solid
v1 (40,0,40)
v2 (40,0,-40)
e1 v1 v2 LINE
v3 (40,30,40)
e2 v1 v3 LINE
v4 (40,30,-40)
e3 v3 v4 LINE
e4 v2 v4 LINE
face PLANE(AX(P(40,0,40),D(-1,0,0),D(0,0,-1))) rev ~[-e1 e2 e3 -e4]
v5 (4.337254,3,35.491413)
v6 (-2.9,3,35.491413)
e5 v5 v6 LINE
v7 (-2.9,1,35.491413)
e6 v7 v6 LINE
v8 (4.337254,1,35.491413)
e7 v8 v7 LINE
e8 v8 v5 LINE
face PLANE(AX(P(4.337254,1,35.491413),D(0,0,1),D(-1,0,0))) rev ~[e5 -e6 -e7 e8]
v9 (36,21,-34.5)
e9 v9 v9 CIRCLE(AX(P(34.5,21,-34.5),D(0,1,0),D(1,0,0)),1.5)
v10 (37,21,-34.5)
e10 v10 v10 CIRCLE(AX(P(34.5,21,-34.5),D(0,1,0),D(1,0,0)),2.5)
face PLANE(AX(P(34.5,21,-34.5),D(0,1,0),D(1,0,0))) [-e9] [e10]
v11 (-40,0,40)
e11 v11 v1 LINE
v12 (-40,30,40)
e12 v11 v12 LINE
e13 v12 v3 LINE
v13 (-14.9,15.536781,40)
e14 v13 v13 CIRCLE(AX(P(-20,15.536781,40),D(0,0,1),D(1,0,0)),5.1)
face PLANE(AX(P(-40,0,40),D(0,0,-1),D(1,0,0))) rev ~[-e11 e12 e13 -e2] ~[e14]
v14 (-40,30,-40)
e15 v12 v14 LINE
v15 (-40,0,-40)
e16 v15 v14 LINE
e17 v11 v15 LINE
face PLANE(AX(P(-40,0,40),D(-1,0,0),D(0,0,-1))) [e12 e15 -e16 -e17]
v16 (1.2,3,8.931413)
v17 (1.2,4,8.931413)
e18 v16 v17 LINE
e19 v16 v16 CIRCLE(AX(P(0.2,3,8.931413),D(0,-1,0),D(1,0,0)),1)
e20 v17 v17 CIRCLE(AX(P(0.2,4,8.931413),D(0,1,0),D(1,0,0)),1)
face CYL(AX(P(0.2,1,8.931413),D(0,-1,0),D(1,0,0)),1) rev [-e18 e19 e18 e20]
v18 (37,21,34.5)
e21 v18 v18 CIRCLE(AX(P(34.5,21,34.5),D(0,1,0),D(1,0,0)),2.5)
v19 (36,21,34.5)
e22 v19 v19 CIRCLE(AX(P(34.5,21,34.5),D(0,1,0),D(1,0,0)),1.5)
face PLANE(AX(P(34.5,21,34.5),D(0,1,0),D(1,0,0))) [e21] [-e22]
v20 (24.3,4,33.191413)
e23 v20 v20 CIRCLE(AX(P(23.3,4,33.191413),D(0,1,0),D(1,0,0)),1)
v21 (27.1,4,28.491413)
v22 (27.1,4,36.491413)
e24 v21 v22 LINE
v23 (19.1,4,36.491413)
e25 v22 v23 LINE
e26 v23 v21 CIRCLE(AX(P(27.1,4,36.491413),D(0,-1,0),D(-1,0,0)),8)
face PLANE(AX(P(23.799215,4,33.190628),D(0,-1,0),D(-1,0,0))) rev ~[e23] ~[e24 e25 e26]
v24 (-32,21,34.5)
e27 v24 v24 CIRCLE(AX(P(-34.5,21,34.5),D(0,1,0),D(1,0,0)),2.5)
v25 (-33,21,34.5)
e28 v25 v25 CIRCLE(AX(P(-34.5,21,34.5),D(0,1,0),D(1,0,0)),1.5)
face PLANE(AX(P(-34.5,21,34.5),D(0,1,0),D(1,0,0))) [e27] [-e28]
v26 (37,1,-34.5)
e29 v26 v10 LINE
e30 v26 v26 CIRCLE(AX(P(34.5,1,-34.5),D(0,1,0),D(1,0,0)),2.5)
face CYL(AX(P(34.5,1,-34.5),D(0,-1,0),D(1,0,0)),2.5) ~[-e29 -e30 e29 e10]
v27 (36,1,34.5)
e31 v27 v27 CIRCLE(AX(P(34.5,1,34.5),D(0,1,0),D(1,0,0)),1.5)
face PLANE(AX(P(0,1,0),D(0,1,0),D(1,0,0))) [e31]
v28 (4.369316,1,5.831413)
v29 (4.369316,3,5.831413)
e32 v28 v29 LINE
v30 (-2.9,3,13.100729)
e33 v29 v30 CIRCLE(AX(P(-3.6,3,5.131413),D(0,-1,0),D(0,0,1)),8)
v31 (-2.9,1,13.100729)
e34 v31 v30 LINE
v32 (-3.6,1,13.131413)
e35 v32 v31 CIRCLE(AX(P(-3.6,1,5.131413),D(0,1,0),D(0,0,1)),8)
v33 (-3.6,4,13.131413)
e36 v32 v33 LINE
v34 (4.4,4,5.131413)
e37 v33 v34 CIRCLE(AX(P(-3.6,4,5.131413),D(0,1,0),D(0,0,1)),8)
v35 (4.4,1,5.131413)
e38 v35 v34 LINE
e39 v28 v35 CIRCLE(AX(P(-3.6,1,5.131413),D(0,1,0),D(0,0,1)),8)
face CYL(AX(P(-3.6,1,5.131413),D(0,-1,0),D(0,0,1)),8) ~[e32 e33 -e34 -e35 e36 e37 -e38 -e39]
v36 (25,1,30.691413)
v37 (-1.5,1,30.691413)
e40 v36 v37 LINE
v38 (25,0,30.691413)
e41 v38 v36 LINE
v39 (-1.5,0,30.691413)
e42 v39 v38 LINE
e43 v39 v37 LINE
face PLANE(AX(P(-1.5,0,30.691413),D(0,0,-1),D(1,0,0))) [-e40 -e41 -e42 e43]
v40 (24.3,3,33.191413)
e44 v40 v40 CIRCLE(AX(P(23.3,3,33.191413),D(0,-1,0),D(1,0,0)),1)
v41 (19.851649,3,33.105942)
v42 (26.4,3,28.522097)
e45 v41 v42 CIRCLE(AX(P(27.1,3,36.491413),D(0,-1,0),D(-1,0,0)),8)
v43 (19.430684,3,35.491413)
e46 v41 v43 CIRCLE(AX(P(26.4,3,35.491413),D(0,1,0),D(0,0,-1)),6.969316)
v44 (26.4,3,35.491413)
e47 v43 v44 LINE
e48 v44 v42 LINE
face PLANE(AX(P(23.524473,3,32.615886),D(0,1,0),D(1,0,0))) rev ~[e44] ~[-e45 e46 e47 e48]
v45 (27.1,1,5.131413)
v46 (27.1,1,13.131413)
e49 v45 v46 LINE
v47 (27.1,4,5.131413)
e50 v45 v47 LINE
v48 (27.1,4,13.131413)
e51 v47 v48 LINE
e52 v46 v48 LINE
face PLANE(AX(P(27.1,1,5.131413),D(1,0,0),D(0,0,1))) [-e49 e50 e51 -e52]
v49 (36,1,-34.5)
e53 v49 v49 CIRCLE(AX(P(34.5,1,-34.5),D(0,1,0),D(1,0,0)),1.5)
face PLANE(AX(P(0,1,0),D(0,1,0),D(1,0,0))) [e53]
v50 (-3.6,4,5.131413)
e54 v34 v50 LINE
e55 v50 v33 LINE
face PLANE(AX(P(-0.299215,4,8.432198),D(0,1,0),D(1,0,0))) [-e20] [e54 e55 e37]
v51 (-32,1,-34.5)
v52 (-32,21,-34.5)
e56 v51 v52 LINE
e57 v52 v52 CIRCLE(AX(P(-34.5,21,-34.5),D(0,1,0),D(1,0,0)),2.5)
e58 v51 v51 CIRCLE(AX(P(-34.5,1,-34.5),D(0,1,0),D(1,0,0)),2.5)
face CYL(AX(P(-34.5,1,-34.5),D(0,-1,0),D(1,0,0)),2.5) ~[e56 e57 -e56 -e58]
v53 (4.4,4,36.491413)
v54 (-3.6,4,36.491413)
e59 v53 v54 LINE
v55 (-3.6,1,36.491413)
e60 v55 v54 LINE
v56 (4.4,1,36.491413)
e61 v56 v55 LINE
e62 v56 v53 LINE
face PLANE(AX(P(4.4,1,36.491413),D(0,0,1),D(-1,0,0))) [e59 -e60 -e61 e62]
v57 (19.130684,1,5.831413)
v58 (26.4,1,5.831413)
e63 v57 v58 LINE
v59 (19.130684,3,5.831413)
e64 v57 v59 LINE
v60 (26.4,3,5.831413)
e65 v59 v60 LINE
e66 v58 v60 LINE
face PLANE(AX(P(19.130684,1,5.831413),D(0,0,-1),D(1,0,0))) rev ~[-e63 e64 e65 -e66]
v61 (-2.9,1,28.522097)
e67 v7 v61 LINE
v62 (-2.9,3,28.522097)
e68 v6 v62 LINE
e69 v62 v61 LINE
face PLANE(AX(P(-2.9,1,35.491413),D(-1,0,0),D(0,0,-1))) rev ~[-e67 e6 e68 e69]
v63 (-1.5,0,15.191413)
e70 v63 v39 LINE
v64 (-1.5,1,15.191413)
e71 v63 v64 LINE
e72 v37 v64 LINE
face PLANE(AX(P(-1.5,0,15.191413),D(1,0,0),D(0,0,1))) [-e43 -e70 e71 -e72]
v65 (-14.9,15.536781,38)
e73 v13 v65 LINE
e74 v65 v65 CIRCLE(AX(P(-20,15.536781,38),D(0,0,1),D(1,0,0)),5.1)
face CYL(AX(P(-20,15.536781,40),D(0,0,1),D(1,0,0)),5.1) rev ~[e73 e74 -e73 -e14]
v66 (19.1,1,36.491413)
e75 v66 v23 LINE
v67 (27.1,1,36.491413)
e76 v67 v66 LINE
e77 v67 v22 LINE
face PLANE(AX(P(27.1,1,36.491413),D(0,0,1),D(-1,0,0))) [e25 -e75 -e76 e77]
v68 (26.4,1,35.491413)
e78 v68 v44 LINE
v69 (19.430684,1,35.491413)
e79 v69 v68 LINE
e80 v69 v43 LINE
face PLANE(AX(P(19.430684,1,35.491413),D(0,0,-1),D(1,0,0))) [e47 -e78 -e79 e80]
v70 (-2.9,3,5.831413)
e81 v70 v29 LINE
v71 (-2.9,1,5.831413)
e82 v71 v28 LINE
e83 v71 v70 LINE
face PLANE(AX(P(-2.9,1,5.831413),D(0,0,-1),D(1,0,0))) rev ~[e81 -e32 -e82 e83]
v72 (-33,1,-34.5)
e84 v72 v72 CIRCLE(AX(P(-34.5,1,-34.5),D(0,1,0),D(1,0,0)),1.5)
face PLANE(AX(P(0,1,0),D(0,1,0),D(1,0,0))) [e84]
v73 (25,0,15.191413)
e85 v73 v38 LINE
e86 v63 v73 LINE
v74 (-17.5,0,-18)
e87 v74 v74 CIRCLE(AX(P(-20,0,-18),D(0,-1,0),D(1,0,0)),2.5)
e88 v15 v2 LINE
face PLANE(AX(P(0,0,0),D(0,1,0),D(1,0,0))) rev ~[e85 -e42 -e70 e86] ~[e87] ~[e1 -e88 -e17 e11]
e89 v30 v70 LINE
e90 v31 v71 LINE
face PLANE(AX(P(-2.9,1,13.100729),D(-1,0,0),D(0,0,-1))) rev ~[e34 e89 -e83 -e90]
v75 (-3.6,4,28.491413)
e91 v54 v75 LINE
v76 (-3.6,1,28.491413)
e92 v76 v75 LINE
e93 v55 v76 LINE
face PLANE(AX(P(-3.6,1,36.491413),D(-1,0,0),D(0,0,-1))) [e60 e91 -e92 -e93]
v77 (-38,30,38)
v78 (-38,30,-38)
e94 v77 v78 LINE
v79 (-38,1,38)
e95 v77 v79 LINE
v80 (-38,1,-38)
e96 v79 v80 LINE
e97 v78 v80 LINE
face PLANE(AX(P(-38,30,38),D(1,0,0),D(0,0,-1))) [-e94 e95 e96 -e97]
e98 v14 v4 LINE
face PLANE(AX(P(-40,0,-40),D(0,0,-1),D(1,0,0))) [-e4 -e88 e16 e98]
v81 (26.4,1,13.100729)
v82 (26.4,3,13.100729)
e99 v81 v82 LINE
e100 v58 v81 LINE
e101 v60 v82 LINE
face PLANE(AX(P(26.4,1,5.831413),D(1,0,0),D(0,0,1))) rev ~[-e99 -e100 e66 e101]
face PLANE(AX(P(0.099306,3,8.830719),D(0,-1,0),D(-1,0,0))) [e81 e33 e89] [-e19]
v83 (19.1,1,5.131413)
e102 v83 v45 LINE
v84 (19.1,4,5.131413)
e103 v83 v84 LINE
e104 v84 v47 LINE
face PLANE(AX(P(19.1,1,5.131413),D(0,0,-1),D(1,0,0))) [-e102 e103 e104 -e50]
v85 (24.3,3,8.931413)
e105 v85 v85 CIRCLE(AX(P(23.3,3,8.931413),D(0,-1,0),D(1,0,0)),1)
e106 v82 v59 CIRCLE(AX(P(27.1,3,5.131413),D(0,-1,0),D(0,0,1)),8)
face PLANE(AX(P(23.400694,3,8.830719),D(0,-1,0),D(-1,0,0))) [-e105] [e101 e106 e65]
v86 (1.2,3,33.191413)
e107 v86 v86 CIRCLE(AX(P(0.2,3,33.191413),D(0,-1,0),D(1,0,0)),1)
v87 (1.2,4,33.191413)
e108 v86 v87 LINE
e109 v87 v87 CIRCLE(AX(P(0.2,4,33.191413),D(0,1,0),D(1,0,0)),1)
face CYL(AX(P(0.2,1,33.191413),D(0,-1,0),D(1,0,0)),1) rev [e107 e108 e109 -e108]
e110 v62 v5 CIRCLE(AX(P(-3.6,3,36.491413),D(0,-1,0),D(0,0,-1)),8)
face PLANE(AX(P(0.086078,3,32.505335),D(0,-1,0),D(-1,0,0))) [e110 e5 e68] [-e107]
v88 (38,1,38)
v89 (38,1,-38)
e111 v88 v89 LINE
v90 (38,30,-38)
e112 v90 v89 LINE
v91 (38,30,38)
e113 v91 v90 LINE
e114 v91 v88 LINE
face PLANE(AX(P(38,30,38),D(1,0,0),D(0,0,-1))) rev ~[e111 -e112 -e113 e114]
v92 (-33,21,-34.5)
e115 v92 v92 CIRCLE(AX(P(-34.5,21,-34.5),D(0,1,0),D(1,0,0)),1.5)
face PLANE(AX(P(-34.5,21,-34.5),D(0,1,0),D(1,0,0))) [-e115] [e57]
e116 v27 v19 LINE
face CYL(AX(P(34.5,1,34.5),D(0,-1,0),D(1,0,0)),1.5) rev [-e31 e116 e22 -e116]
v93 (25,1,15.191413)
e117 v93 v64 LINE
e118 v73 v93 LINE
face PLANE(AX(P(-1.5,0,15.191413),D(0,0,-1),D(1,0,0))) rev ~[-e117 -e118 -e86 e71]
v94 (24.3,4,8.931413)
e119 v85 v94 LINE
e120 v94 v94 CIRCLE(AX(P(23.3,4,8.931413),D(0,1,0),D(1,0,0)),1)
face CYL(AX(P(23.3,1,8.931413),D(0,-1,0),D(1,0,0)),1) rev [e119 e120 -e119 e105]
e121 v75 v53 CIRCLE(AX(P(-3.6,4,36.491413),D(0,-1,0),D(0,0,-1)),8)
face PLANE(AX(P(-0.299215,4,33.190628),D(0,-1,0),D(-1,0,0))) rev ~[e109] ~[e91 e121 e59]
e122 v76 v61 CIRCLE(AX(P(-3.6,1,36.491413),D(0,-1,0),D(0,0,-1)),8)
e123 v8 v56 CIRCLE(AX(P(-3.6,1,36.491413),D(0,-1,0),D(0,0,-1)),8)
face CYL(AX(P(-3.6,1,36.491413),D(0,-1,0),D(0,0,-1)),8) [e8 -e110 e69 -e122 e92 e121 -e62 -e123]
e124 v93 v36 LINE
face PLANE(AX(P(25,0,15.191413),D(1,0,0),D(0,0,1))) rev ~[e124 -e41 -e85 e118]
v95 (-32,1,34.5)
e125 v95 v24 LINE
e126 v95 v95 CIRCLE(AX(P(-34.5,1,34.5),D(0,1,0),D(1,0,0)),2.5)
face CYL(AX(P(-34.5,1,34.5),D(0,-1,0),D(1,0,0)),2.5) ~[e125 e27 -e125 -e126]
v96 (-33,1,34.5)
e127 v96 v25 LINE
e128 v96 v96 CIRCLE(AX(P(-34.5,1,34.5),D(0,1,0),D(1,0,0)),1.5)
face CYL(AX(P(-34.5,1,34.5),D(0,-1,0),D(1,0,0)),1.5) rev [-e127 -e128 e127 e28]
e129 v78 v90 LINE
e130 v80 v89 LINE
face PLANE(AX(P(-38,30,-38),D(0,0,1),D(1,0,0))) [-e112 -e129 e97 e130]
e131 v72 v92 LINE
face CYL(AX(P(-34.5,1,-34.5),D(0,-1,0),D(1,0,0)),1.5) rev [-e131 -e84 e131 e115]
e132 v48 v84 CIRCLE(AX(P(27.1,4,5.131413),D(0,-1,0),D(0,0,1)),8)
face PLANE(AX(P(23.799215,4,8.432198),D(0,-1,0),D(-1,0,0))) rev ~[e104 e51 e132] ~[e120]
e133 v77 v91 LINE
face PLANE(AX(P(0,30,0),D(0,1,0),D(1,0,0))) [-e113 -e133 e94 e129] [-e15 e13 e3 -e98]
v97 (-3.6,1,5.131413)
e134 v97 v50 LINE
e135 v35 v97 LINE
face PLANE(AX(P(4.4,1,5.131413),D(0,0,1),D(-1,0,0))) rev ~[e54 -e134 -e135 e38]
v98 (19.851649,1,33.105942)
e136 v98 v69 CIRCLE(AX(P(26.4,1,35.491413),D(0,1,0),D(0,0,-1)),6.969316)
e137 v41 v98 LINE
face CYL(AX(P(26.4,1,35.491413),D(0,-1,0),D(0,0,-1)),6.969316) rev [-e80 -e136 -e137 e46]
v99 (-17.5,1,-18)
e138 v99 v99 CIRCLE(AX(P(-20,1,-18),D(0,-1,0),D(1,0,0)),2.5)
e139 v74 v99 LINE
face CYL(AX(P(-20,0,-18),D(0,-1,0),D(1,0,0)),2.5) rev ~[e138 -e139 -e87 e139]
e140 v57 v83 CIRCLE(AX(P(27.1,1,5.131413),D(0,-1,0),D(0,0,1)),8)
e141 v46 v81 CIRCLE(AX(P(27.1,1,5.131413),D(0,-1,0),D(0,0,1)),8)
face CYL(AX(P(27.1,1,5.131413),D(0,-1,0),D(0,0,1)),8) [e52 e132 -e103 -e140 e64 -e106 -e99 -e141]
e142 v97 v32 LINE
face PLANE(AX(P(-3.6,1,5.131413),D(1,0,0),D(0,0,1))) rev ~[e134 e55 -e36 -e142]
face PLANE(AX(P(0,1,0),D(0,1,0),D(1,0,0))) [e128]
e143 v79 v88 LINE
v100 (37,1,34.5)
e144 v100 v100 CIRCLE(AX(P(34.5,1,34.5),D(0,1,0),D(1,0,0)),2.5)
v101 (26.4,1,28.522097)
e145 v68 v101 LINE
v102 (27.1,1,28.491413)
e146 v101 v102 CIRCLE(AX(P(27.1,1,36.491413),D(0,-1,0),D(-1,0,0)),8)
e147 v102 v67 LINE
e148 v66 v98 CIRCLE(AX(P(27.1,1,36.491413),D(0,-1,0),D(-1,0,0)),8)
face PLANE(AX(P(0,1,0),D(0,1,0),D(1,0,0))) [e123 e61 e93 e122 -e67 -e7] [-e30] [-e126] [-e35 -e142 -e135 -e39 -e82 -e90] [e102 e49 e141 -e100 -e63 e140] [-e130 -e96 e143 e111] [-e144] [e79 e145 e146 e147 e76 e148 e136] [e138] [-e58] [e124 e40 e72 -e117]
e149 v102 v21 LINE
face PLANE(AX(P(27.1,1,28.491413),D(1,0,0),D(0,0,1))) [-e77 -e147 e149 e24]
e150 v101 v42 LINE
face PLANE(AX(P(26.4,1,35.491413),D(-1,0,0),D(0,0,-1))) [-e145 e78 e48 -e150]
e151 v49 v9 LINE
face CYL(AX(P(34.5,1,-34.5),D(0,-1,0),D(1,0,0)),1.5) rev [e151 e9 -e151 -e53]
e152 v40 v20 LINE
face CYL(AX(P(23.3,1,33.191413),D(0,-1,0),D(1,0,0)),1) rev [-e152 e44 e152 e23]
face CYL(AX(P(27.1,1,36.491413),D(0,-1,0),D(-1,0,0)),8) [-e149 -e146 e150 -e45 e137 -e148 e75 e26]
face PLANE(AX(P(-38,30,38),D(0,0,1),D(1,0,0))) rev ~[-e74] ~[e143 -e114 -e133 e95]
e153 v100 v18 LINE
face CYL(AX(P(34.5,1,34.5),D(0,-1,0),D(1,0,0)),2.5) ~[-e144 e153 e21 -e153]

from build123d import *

# Parameters (mm, degrees)
SKETCH1_W           = 80
SKETCH1_H           = 80
BOSS_EXTRUDE1_DEPTH = 30
SKETCH2_W           = 76
SKETCH2_H           = 76
CUT_EXTRUDE1_DEPTH  = 29
SKETCH3_R           = 2.5
SKETCH3_R_2         = 1.5
BOSS_EXTRUDE5_DEPTH = 20
SKETCH4_R           = 2.5
CUT_EXTRUDE2_DEPTH  = 10
SKETCH5_W           = 26.5
SKETCH5_H           = 15.5
CUT_EXTRUDE3_DEPTH  = 25
SKETCH6_R           = 5.1
CUT_EXTRUDE4_DEPTH  = 10
BOSS_EXTRUDE6_DEPTH = 3
CUT_EXTRUDE5_DEPTH  = 2
SKETCH10_R          = 1
CUT_EXTRUDE6_DEPTH  = 3


with BuildPart() as part:
    # Sketch1 → Boss-Extrude1 (new body)
    with BuildSketch(Plane(origin=(0, 0, 0), x_dir=(1, 0, 0), z_dir=(0, 1, 0))):
        Rectangle(SKETCH1_W, SKETCH1_H)
    extrude(amount=BOSS_EXTRUDE1_DEPTH)

    # Sketch2 → Cut-Extrude1 (cut)
    with BuildSketch(Plane(origin=(0, 30, 0), x_dir=(1, 0, 0), z_dir=(0, 1, 0))):
        Rectangle(SKETCH2_W, SKETCH2_H)
    extrude(amount=-CUT_EXTRUDE1_DEPTH, mode=Mode.SUBTRACT)

    # Sketch3 → Boss-Extrude5 (add)
    with BuildSketch(Plane(origin=(0, 1, 0), x_dir=(1, 0, 0), z_dir=(0, 1, 0))):
        with Locations((-34.5, 34.5)):
            Circle(SKETCH3_R)
        with Locations((-34.5, 34.5)):
            Circle(SKETCH3_R_2, mode=Mode.SUBTRACT)
        with Locations((34.5, 34.5)):
            Circle(SKETCH3_R)
        with Locations((34.5, 34.5)):
            Circle(SKETCH3_R_2, mode=Mode.SUBTRACT)
        with Locations((-34.5, -34.5)):
            Circle(SKETCH3_R)
        with Locations((-34.5, -34.5)):
            Circle(SKETCH3_R_2, mode=Mode.SUBTRACT)
        with Locations((34.5, -34.5)):
            Circle(SKETCH3_R)
        with Locations((34.5, -34.5)):
            Circle(SKETCH3_R_2, mode=Mode.SUBTRACT)
    extrude(amount=BOSS_EXTRUDE5_DEPTH)

    # Sketch4 → Cut-Extrude2 (cut)
    with BuildSketch(Plane.XZ):
        with Locations((-20, -18)):
            Circle(SKETCH4_R)
    extrude(amount=-CUT_EXTRUDE2_DEPTH, mode=Mode.SUBTRACT)

    # Sketch5 → Cut-Extrude3 (cut)
    with BuildSketch(Plane.XZ):
        with Locations((11.75, 22.941412849)):
            Rectangle(SKETCH5_W, SKETCH5_H)
    extrude(amount=-CUT_EXTRUDE3_DEPTH, mode=Mode.SUBTRACT)

    # Sketch6 → Cut-Extrude4 (cut)
    with BuildSketch(Plane.XY.offset(40)):
        with Locations((-20, 15.536781198)):
            Circle(SKETCH6_R)
    extrude(amount=-CUT_EXTRUDE4_DEPTH, mode=Mode.SUBTRACT)

    # Sketch11 → Boss-Extrude6 (add)
    with BuildSketch(Plane(origin=(0, 1, 0), x_dir=(1, 0, 0), z_dir=(0, 1, 0))):
        with BuildLine():
            Line((-3.6, -5.131412849), (-3.6, -13.131412849))
            ThreePointArc((-3.6, -13.131412849), (2.056854249, -10.788267099), (4.4, -5.131412849))
            Line((4.4, -5.131412849), (-3.6, -5.131412849))
        make_face()
        with BuildLine():
            Line((19.1, -5.131412849), (27.1, -5.131412849))
            Line((27.1, -5.131412849), (27.1, -13.131412849))
            ThreePointArc((27.1, -13.131412849), (21.443145751, -10.788267099), (19.1, -5.131412849))
        make_face()
        with BuildLine():
            Line((27.1, -28.491412849), (27.1, -36.491412849))
            Line((27.1, -36.491412849), (19.1, -36.491412849))
            ThreePointArc((19.1, -36.491412849), (21.443145751, -30.8345586), (27.1, -28.491412849))
        make_face()
        with BuildLine():
            Line((4.4, -36.491412849), (-3.6, -36.491412849))
            Line((-3.6, -36.491412849), (-3.6, -28.491412849))
            ThreePointArc((-3.6, -28.491412849), (2.056854249, -30.8345586), (4.4, -36.491412849))
        make_face()
    extrude(amount=BOSS_EXTRUDE6_DEPTH)

    # Sketch12 → Cut-Extrude5 (cut)
    with BuildSketch(Plane(origin=(0, 1, 0), x_dir=(1, 0, 0), z_dir=(0, 1, 0))):
        with BuildLine():
            Line((-2.9, -13.100729005), (-2.9, -5.831412849))
            Line((-2.9, -5.831412849), (4.369316156, -5.831412849))
            ThreePointArc((4.369316156, -5.831412849), (2.240182749, -10.971595598), (-2.9, -13.100729005))
        make_face()
        with BuildLine():
            Line((19.130683844, -5.831412849), (26.4, -5.831412849))
            Line((26.4, -5.831412849), (26.4, -13.100729005))
            ThreePointArc((26.4, -13.100729005), (21.259817251, -10.971595598), (19.130683844, -5.831412849))
        make_face()
        with BuildLine():
            Line((26.4, -35.491412849), (26.4, -28.522096693))
            ThreePointArc((26.4, -28.522096693), (21.471949286, -30.563362135), (19.430683844, -35.491412849))
            Line((19.430683844, -35.491412849), (26.4, -35.491412849))
        make_face()
        with BuildLine():
            Line((4.337253933, -35.491412849), (-2.9, -35.491412849))
            Line((-2.9, -35.491412849), (-2.9, -28.254158916))
            ThreePointArc((-2.9, -28.254158916), (2.217511333, -30.373901516), (4.337253933, -35.491412849))
        make_face()
    extrude(amount=CUT_EXTRUDE5_DEPTH, mode=Mode.SUBTRACT)

    # Sketch10 → Cut-Extrude6 (cut)
    with BuildSketch(Plane(origin=(0, 1, 0), x_dir=(1, 0, 0), z_dir=(0, 1, 0))):
        with Locations((0.2, -8.931412849)):
            Circle(SKETCH10_R)
        with Locations((23.3, -8.931412849)):
            Circle(SKETCH10_R)
        with Locations((0.2, -33.191412849)):
            Circle(SKETCH10_R)
        with Locations((23.3, -33.191412849)):
            Circle(SKETCH10_R)
    extrude(amount=CUT_EXTRUDE6_DEPTH, mode=Mode.SUBTRACT)


solid = part.part
